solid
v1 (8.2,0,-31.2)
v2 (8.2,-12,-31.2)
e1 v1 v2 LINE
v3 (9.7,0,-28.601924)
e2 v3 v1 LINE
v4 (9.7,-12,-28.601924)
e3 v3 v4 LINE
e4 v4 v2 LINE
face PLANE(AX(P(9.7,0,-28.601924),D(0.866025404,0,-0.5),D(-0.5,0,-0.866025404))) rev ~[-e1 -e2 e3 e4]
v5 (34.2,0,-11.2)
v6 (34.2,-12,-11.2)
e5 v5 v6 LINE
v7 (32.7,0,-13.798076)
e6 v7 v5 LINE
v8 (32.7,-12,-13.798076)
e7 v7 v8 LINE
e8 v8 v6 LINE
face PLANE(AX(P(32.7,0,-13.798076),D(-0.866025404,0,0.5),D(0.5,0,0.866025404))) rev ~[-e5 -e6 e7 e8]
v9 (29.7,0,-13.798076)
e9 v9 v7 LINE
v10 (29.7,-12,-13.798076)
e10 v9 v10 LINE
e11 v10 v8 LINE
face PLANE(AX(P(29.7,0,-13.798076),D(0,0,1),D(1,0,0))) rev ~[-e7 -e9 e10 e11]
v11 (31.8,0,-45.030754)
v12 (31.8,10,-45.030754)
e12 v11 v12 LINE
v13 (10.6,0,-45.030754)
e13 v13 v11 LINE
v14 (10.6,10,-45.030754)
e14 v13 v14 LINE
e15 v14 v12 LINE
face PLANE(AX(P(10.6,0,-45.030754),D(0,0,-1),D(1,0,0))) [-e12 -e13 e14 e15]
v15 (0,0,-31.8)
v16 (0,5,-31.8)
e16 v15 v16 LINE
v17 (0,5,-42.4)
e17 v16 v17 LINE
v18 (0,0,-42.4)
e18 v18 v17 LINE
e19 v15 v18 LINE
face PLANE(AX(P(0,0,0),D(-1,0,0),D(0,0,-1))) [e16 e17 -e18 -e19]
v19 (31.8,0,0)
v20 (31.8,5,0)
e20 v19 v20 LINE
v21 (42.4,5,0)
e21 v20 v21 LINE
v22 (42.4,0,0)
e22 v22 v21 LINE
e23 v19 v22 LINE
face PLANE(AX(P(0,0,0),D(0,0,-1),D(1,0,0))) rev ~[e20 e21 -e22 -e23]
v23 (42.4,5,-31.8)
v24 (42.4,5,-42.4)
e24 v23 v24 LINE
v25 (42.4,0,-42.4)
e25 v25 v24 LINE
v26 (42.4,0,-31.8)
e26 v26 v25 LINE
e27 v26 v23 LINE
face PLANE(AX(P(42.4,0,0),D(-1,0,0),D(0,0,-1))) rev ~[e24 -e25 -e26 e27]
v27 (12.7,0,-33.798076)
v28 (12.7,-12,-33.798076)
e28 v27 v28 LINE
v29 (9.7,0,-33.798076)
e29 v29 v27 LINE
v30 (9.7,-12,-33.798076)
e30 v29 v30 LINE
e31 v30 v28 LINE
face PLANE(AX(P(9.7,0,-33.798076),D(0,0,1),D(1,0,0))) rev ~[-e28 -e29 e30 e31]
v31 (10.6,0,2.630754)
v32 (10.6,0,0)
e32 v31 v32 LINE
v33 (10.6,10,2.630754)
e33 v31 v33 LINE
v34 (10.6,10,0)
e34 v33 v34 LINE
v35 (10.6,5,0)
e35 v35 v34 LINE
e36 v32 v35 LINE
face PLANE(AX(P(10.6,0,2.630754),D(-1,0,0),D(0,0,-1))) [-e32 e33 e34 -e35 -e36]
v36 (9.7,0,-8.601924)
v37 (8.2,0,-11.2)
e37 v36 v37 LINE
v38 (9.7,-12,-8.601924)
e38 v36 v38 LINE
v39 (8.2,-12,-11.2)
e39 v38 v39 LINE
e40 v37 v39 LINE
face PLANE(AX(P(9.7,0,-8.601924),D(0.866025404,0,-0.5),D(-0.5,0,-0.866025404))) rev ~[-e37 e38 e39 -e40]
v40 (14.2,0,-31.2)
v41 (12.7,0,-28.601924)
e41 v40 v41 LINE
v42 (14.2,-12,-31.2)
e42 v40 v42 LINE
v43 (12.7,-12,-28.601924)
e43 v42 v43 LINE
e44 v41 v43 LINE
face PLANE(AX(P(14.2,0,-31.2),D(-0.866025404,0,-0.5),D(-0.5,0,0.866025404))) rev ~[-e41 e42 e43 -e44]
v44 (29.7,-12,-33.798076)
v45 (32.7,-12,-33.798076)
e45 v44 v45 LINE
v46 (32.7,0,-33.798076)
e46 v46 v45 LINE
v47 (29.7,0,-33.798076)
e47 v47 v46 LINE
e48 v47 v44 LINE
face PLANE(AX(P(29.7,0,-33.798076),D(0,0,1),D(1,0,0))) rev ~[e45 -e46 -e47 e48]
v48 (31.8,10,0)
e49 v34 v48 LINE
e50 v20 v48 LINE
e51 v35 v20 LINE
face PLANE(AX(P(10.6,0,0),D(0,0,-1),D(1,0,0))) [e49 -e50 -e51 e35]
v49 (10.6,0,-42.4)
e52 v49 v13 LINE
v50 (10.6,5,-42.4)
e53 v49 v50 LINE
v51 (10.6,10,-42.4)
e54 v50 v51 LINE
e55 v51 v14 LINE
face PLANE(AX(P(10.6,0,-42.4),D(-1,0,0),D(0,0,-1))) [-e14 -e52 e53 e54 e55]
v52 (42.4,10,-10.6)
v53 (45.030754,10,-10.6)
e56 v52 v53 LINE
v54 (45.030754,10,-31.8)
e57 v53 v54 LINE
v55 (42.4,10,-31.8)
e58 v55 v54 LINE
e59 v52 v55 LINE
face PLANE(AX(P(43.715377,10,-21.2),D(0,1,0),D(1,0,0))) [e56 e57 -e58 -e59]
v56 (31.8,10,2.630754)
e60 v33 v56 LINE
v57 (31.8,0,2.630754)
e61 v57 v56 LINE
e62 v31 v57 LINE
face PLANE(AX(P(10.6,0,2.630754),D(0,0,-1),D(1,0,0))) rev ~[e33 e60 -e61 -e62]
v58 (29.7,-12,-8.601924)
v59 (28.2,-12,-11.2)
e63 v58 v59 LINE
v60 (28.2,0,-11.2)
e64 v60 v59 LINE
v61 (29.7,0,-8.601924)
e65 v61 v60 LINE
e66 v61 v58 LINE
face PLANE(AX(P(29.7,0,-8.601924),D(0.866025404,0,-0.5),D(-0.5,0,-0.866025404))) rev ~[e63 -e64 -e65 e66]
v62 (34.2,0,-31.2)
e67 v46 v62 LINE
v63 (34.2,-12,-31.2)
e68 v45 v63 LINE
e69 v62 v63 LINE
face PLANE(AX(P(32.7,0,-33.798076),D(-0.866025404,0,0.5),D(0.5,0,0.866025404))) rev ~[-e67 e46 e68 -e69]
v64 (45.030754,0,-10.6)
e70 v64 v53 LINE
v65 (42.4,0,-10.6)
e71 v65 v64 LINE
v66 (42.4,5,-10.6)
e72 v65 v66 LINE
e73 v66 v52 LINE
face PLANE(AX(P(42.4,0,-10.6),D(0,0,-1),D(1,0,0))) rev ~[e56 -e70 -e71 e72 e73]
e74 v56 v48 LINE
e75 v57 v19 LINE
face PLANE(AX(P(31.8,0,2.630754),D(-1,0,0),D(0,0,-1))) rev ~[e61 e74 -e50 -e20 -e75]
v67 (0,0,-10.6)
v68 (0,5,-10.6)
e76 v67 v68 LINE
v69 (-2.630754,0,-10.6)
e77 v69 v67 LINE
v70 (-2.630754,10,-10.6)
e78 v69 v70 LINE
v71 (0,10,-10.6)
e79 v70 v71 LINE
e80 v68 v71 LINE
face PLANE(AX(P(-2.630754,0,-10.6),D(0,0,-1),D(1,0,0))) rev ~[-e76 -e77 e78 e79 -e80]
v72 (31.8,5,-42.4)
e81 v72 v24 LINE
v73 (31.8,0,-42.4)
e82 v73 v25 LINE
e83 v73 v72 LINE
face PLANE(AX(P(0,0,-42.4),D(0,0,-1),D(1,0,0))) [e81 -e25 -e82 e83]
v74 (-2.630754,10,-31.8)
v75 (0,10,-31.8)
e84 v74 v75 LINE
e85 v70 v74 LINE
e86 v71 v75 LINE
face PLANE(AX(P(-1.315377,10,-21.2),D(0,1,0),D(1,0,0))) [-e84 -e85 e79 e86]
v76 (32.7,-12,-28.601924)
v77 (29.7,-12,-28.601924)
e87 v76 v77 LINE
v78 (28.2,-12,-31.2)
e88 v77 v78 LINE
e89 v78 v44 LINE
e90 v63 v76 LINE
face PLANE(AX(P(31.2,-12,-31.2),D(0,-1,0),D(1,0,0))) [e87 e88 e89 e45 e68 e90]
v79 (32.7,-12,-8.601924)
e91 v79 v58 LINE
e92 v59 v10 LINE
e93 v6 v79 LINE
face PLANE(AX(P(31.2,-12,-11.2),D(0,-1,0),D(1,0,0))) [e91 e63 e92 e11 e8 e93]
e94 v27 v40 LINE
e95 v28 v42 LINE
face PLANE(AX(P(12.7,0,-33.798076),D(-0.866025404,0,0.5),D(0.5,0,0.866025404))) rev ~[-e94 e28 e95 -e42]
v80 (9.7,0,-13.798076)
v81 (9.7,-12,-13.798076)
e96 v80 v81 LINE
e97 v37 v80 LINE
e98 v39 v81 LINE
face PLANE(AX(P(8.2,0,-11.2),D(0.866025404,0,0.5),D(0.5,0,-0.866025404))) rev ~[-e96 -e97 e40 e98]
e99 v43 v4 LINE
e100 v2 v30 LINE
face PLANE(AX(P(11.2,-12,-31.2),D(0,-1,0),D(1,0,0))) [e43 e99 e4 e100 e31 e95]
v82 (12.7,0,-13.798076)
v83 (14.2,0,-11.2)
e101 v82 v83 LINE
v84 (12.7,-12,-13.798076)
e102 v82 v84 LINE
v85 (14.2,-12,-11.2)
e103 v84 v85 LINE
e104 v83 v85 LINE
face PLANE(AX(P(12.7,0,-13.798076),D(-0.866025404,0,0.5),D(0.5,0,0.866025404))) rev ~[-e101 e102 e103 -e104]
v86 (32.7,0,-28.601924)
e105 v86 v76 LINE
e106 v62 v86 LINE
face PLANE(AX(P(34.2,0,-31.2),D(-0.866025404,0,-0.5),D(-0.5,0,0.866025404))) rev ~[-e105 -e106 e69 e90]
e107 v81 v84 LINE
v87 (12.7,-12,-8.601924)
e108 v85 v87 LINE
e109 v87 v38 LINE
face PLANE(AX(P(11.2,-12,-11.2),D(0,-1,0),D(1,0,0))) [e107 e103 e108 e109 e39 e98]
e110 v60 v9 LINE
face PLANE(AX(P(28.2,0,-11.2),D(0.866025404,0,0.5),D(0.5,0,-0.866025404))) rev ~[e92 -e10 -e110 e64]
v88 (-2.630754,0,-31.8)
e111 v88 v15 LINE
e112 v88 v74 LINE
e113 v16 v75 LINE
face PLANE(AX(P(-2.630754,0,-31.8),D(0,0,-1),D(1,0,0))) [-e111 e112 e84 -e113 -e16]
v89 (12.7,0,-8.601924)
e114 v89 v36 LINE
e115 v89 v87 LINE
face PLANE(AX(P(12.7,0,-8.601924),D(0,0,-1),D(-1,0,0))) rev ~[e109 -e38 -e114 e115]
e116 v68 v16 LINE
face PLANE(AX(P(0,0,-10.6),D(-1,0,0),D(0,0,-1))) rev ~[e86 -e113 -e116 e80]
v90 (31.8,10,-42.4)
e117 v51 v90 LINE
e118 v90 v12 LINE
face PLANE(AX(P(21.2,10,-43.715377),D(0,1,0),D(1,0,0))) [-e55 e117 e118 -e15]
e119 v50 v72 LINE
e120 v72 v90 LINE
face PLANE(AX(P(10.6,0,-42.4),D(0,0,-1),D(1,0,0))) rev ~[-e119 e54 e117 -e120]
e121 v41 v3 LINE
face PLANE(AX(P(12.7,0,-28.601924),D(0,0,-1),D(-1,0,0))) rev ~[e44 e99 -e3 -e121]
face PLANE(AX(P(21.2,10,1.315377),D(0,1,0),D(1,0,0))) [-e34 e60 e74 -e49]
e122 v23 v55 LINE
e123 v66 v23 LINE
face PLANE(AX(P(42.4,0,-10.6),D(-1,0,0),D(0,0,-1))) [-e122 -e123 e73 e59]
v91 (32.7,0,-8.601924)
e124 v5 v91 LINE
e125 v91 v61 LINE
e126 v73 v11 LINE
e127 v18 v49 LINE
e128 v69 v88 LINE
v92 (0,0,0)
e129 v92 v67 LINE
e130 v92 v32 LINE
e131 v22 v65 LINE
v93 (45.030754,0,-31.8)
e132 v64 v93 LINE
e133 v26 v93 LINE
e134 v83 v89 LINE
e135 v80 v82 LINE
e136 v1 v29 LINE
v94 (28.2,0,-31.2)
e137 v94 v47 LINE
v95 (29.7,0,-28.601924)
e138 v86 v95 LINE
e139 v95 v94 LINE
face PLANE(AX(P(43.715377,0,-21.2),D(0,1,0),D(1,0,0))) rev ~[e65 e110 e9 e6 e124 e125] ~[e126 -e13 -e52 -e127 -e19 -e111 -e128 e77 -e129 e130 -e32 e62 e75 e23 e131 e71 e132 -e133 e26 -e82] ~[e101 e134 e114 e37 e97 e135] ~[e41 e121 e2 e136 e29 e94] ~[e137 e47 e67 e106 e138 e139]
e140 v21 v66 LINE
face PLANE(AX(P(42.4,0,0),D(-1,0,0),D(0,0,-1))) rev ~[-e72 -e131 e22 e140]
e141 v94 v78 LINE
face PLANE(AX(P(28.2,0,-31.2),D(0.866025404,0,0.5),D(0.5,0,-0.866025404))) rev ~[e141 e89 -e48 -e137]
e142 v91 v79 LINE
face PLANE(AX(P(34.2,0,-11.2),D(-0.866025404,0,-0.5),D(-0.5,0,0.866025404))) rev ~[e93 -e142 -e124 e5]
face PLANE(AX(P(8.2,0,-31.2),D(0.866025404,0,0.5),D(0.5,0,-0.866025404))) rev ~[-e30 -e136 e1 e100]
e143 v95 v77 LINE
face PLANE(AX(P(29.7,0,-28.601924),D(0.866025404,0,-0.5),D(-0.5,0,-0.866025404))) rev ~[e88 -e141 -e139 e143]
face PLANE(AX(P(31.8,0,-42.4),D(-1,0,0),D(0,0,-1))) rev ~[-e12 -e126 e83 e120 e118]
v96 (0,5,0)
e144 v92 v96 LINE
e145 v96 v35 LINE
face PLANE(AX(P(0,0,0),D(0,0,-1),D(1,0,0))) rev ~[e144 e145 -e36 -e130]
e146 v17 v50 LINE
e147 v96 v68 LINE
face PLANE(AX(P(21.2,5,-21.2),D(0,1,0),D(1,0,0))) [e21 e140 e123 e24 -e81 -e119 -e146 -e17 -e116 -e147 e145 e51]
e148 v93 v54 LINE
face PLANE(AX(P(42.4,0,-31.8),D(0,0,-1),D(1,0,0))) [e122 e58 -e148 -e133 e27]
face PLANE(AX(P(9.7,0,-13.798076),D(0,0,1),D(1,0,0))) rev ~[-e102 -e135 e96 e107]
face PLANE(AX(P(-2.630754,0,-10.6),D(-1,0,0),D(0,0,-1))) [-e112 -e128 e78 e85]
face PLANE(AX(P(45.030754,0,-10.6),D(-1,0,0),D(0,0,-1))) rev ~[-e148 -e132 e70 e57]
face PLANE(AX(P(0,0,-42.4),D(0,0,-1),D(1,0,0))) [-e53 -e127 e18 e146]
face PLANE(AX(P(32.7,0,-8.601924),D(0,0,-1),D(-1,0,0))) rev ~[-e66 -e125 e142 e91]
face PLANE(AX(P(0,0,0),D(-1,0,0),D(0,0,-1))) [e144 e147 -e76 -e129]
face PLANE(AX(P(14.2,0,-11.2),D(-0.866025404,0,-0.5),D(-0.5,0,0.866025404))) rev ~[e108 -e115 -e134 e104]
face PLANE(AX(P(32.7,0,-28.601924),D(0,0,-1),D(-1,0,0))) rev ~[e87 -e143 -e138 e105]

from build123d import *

# Parameters (mm, degrees)
SKETCH1_W                = 42.4
SKETCH1_H                = 42.4
BOSS_EXTRUDE1_DEPTH      = 5
BOSS_EXTRUDE2_DEPTH      = 5
BOSS_EXTRUDE2_DEPTH_BACK = 5
SKETCH3_W                = 2.630753666
SKETCH3_H                = 21.2
SKETCH3_W_2              = 21.2
SKETCH3_H_2              = 2.630753666
BOSS_EXTRUDE3_DEPTH      = 12


with BuildPart() as part:
    # Sketch1 → Boss-Extrude1 (new body)
    with BuildSketch(Plane(origin=(0, 0, 0), x_dir=(1, 0, 0), z_dir=(0, 1, 0))):
        with Locations((21.2, 21.2)):
            Rectangle(SKETCH1_W, SKETCH1_H)
    extrude(amount=BOSS_EXTRUDE1_DEPTH)

    # Sketch3 → Boss-Extrude2 (add, two sides: drawn at the far end of the back side and taken through both)
    with BuildSketch(Plane(origin=(0, 5, 0), x_dir=(1, 0, 0), z_dir=(0, 1, 0)).offset(-BOSS_EXTRUDE2_DEPTH_BACK)):
        with Locations((43.715376833, 21.2)):
            Rectangle(SKETCH3_W, SKETCH3_H)
        with Locations((21.2, 43.715376833)):
            Rectangle(SKETCH3_W_2, SKETCH3_H_2)
        with Locations((21.2, -1.315376833)):
            Rectangle(SKETCH3_W_2, SKETCH3_H_2)
        with Locations((-1.315376833, 21.2)):
            Rectangle(SKETCH3_W, SKETCH3_H)
    extrude(amount=BOSS_EXTRUDE2_DEPTH + BOSS_EXTRUDE2_DEPTH_BACK)

    # Sketch4 → Boss-Extrude3 (add)
    with BuildSketch(Plane.XZ):
        Polygon((32.7, -8.601923789), (29.7, -8.601923789), (28.2, -11.2), (29.7, -13.798076211), (32.7, -13.798076211), (34.2, -11.2), align=None)
        Polygon((9.7, -8.601923789), (8.2, -11.2), (9.7, -13.798076211), (12.7, -13.798076211), (14.2, -11.2), (12.7, -8.601923789), align=None)
        Polygon((32.7, -28.601923789), (29.7, -28.601923789), (28.2, -31.2), (29.7, -33.798076211), (32.7, -33.798076211), (34.2, -31.2), align=None)
        Polygon((12.7, -28.601923789), (9.7, -28.601923789), (8.2, -31.2), (9.7, -33.798076211), (12.7, -33.798076211), (14.2, -31.2), align=None)
    extrude(amount=BOSS_EXTRUDE3_DEPTH)


solid = part.part
